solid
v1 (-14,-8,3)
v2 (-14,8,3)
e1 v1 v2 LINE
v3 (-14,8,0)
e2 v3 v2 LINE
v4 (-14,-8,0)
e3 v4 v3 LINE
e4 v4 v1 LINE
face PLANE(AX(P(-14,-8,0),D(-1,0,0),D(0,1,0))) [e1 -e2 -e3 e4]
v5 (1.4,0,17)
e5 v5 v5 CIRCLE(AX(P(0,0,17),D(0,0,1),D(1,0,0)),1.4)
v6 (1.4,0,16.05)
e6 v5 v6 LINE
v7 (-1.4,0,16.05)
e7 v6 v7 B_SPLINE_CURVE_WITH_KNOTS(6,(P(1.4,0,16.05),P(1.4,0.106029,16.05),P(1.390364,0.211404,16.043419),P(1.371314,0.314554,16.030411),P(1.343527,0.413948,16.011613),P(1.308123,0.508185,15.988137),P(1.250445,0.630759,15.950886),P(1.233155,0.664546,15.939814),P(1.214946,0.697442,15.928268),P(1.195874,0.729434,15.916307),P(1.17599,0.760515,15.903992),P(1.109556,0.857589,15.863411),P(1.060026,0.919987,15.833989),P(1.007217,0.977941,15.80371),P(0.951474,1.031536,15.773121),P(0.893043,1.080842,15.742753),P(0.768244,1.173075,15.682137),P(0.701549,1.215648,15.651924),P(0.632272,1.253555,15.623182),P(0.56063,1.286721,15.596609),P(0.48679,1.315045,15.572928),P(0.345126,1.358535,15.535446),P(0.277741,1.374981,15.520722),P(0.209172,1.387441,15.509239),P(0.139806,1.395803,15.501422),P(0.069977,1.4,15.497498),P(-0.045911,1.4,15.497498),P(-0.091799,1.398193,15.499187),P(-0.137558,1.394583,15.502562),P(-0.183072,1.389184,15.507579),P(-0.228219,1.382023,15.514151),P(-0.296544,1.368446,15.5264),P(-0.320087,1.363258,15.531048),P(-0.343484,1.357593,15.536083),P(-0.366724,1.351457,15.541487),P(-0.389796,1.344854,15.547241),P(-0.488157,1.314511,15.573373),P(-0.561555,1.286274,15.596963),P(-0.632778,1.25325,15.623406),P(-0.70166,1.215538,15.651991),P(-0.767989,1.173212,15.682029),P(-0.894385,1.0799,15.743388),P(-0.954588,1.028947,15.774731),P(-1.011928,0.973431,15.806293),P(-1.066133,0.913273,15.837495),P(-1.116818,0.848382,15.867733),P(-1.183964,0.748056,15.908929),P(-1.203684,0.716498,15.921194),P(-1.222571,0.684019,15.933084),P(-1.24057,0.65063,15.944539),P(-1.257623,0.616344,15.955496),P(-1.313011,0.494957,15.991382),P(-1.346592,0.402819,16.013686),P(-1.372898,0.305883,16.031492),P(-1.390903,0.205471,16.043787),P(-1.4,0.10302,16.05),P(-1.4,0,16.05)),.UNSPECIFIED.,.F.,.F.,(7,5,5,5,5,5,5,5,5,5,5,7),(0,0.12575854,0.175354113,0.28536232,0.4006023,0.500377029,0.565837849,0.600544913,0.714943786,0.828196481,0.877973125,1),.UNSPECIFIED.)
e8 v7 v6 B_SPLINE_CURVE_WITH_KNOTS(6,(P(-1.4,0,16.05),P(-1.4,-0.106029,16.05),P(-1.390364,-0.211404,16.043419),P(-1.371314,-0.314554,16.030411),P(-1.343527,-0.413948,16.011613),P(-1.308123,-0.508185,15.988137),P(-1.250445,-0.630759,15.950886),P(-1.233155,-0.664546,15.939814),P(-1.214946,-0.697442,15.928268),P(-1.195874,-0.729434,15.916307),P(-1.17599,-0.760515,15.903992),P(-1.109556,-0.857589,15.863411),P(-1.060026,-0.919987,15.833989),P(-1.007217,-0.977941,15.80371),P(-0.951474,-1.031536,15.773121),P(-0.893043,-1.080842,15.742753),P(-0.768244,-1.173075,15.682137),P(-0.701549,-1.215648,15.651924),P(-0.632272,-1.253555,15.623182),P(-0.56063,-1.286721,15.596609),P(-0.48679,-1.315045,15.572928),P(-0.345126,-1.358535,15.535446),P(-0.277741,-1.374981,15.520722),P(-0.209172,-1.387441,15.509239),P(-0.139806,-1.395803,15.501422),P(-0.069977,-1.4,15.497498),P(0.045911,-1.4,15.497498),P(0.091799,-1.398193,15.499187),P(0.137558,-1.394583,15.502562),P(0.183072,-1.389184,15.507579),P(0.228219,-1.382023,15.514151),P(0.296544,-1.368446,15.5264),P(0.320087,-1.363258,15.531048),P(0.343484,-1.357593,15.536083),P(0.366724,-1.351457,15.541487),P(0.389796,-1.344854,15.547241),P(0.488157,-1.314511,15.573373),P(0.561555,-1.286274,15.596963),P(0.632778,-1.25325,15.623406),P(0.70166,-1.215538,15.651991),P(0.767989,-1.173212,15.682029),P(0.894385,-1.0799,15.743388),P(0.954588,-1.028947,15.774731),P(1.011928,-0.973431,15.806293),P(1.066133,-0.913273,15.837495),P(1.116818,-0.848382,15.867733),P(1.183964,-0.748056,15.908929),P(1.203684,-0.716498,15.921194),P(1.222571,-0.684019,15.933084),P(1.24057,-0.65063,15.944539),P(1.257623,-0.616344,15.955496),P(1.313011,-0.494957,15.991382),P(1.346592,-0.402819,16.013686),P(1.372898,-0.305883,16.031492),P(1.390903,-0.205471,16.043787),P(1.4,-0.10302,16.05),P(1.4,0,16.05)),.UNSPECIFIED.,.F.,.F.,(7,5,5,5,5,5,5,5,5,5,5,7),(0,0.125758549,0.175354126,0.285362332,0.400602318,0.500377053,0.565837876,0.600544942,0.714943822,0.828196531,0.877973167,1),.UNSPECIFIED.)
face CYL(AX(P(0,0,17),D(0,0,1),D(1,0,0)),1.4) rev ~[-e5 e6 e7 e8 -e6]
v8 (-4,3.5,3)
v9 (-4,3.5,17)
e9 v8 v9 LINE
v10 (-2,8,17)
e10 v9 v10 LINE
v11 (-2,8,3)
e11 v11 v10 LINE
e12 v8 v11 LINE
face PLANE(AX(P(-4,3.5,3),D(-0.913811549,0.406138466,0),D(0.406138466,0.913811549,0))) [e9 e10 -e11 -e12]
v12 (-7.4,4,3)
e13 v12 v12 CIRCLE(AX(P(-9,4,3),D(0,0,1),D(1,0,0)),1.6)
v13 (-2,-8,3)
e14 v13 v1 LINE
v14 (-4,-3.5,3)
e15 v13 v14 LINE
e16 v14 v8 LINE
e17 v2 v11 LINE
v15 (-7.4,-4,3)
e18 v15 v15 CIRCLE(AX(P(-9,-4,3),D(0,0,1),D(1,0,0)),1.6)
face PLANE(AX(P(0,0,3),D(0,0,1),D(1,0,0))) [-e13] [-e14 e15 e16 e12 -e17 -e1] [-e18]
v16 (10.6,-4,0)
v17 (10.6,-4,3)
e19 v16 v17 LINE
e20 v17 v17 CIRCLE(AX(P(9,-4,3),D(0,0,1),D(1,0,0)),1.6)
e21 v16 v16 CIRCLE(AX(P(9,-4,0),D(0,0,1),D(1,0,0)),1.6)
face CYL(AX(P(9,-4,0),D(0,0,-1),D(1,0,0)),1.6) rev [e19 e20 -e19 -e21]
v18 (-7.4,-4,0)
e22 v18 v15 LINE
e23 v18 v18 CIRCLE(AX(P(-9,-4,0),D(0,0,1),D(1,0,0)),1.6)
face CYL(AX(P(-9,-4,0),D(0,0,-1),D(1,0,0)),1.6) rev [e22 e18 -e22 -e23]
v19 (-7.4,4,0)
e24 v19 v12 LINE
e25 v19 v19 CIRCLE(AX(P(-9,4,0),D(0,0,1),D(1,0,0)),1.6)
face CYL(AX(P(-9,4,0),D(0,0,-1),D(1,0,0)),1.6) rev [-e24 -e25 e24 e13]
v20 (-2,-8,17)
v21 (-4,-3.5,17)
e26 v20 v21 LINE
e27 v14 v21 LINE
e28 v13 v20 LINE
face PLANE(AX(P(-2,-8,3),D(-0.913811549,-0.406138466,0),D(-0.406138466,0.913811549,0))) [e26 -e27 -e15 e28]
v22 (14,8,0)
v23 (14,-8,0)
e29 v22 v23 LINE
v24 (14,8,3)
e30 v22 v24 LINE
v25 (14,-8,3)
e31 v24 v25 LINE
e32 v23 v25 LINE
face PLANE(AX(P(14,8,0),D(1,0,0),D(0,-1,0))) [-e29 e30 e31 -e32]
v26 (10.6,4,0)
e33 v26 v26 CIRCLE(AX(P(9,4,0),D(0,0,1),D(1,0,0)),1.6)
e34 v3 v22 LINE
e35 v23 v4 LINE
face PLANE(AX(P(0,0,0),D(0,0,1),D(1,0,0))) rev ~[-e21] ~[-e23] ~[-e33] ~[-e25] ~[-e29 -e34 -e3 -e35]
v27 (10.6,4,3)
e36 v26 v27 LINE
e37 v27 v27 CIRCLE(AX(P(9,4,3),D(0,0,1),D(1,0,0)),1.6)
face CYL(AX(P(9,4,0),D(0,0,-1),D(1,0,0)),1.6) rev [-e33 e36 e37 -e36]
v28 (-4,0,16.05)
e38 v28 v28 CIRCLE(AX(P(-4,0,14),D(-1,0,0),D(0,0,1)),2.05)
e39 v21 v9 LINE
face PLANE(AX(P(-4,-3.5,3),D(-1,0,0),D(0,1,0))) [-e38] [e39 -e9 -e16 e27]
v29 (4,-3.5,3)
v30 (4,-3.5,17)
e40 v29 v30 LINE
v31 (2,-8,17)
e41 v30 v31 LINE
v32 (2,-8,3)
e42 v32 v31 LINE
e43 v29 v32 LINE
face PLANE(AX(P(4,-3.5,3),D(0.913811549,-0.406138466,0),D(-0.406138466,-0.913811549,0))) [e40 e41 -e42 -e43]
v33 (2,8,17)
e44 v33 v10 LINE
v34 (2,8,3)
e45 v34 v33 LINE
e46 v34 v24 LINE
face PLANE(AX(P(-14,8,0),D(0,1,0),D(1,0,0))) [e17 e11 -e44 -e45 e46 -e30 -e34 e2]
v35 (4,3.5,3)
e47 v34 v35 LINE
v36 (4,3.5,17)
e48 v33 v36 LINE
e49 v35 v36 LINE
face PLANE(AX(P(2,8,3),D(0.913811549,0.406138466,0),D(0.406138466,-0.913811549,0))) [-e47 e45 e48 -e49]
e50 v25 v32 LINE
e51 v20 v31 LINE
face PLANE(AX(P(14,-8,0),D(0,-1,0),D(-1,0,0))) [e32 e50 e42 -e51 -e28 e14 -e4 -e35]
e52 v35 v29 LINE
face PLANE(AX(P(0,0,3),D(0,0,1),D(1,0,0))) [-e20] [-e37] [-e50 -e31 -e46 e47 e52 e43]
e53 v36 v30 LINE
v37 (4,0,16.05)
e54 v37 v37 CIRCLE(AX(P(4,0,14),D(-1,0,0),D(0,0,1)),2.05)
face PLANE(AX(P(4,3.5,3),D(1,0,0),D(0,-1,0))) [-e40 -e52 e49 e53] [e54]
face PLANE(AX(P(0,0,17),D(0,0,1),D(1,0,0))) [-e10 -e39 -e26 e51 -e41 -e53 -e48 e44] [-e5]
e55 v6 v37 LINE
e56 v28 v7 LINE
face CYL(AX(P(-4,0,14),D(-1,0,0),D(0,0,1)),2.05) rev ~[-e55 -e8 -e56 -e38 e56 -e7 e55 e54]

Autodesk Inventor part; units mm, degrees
ref_plane "YZ Plane" through (0, 0, 0) normal (1, 0, 0) x (0, 1, 0)
ref_plane "XZ Plane" through (0, 0, 0) normal (0, 1, 0) x (-1, 0, 0)
ref_plane "XY Plane" through (0, 0, 0) normal (0, 0, 1) x (1, 0, 0)
sketch "Sketch1" plane through (0, 0, 0) normal (0, 0, 1) x (1, 0, 0)
  line L0 (-14, 8) -> (14, 8)
  line L1 (14, 8) -> (14, -8)
  line L2 (14, -8) -> (-14, -8)
  line L3 (-14, -8) -> (-14, 8)
  circle A0 centre (-9, 4) radius 1.6
  circle A1 centre (-9, -4) radius 1.6
  circle A2 centre (9, -4) radius 1.6
  circle A3 centre (9, 4) radius 1.6
  point P0 (0, 0)
  point P1 (0, 8)
  point P2 (-14, 0)
  dimension "d0" = 28
  dimension "d1" = 16
  dimension "d2" = 18
  dimension "d3" = 9
  dimension "d4" = 8
  dimension "d5" = 4
  dimension "d6" = 3.2
extrude "Extrusion1" add sketch "Sketch1" along normal blind 3
sketch "Sketch2" plane through (0, 0, 3) normal (0, 0, 1) x (1, 0, 0)
  line L0 (-4, -3.5) -> (-4, 3.5)
  line L1 (-4, 3.5) -> (-2, 8)
  line L2 (14, 8) -> (-14, 8) projected
  line L3 (-2, 8) -> (2, 8)
  line L4 (2, 8) -> (4, 3.5)
  line L5 (4, 3.5) -> (4, -3.5)
  line L6 (14, 8) -> (-14, 8) projected
  line L7 (4, -3.5) -> (2, -8)
  line L8 (-14, -8) -> (14, -8) projected
  line L9 (2, -8) -> (-2, -8)
  line L10 (-2, -8) -> (-4, -3.5)
  point P0 (0, 0)
  point P1 (-4, 0)
  point P2 (4, 0)
  point P3 (0, 8)
  dimension "d9" = 8
  dimension "d10" = 4
  dimension "d11" = 7
extrude "Extrusion2" add sketch "Sketch2" along normal blind 14
sketch "Sketch3" plane through (-4, -3.5, 3) normal (-1, 0, 0) x (0, 0, 1)
  circle A0 centre (11, 3.5) radius 2.05
  line L0 (14, 7) -> (14, 0) projected
  point P0 (-3, 3.5)
  point P1 (14, 3.5)
  dimension "d14" = 3
  dimension "d15" = 4.1
extrude "Extrusion3" cut sketch "Sketch3" against normal through all
sketch "Sketch4" plane through (0, 0, 17) normal (0, 0, 1) x (1, 0, 0)
  circle A0 centre (0, 0) radius 1.4
  dimension "d18" = 2.8
extrude "Extrusion4" cut sketch "Sketch4" against normal blind 3
equation "\"d3\" = 0.5 * d2"
equation "\"d5\" = 0.5 * d4"
properties part number "Guider"
